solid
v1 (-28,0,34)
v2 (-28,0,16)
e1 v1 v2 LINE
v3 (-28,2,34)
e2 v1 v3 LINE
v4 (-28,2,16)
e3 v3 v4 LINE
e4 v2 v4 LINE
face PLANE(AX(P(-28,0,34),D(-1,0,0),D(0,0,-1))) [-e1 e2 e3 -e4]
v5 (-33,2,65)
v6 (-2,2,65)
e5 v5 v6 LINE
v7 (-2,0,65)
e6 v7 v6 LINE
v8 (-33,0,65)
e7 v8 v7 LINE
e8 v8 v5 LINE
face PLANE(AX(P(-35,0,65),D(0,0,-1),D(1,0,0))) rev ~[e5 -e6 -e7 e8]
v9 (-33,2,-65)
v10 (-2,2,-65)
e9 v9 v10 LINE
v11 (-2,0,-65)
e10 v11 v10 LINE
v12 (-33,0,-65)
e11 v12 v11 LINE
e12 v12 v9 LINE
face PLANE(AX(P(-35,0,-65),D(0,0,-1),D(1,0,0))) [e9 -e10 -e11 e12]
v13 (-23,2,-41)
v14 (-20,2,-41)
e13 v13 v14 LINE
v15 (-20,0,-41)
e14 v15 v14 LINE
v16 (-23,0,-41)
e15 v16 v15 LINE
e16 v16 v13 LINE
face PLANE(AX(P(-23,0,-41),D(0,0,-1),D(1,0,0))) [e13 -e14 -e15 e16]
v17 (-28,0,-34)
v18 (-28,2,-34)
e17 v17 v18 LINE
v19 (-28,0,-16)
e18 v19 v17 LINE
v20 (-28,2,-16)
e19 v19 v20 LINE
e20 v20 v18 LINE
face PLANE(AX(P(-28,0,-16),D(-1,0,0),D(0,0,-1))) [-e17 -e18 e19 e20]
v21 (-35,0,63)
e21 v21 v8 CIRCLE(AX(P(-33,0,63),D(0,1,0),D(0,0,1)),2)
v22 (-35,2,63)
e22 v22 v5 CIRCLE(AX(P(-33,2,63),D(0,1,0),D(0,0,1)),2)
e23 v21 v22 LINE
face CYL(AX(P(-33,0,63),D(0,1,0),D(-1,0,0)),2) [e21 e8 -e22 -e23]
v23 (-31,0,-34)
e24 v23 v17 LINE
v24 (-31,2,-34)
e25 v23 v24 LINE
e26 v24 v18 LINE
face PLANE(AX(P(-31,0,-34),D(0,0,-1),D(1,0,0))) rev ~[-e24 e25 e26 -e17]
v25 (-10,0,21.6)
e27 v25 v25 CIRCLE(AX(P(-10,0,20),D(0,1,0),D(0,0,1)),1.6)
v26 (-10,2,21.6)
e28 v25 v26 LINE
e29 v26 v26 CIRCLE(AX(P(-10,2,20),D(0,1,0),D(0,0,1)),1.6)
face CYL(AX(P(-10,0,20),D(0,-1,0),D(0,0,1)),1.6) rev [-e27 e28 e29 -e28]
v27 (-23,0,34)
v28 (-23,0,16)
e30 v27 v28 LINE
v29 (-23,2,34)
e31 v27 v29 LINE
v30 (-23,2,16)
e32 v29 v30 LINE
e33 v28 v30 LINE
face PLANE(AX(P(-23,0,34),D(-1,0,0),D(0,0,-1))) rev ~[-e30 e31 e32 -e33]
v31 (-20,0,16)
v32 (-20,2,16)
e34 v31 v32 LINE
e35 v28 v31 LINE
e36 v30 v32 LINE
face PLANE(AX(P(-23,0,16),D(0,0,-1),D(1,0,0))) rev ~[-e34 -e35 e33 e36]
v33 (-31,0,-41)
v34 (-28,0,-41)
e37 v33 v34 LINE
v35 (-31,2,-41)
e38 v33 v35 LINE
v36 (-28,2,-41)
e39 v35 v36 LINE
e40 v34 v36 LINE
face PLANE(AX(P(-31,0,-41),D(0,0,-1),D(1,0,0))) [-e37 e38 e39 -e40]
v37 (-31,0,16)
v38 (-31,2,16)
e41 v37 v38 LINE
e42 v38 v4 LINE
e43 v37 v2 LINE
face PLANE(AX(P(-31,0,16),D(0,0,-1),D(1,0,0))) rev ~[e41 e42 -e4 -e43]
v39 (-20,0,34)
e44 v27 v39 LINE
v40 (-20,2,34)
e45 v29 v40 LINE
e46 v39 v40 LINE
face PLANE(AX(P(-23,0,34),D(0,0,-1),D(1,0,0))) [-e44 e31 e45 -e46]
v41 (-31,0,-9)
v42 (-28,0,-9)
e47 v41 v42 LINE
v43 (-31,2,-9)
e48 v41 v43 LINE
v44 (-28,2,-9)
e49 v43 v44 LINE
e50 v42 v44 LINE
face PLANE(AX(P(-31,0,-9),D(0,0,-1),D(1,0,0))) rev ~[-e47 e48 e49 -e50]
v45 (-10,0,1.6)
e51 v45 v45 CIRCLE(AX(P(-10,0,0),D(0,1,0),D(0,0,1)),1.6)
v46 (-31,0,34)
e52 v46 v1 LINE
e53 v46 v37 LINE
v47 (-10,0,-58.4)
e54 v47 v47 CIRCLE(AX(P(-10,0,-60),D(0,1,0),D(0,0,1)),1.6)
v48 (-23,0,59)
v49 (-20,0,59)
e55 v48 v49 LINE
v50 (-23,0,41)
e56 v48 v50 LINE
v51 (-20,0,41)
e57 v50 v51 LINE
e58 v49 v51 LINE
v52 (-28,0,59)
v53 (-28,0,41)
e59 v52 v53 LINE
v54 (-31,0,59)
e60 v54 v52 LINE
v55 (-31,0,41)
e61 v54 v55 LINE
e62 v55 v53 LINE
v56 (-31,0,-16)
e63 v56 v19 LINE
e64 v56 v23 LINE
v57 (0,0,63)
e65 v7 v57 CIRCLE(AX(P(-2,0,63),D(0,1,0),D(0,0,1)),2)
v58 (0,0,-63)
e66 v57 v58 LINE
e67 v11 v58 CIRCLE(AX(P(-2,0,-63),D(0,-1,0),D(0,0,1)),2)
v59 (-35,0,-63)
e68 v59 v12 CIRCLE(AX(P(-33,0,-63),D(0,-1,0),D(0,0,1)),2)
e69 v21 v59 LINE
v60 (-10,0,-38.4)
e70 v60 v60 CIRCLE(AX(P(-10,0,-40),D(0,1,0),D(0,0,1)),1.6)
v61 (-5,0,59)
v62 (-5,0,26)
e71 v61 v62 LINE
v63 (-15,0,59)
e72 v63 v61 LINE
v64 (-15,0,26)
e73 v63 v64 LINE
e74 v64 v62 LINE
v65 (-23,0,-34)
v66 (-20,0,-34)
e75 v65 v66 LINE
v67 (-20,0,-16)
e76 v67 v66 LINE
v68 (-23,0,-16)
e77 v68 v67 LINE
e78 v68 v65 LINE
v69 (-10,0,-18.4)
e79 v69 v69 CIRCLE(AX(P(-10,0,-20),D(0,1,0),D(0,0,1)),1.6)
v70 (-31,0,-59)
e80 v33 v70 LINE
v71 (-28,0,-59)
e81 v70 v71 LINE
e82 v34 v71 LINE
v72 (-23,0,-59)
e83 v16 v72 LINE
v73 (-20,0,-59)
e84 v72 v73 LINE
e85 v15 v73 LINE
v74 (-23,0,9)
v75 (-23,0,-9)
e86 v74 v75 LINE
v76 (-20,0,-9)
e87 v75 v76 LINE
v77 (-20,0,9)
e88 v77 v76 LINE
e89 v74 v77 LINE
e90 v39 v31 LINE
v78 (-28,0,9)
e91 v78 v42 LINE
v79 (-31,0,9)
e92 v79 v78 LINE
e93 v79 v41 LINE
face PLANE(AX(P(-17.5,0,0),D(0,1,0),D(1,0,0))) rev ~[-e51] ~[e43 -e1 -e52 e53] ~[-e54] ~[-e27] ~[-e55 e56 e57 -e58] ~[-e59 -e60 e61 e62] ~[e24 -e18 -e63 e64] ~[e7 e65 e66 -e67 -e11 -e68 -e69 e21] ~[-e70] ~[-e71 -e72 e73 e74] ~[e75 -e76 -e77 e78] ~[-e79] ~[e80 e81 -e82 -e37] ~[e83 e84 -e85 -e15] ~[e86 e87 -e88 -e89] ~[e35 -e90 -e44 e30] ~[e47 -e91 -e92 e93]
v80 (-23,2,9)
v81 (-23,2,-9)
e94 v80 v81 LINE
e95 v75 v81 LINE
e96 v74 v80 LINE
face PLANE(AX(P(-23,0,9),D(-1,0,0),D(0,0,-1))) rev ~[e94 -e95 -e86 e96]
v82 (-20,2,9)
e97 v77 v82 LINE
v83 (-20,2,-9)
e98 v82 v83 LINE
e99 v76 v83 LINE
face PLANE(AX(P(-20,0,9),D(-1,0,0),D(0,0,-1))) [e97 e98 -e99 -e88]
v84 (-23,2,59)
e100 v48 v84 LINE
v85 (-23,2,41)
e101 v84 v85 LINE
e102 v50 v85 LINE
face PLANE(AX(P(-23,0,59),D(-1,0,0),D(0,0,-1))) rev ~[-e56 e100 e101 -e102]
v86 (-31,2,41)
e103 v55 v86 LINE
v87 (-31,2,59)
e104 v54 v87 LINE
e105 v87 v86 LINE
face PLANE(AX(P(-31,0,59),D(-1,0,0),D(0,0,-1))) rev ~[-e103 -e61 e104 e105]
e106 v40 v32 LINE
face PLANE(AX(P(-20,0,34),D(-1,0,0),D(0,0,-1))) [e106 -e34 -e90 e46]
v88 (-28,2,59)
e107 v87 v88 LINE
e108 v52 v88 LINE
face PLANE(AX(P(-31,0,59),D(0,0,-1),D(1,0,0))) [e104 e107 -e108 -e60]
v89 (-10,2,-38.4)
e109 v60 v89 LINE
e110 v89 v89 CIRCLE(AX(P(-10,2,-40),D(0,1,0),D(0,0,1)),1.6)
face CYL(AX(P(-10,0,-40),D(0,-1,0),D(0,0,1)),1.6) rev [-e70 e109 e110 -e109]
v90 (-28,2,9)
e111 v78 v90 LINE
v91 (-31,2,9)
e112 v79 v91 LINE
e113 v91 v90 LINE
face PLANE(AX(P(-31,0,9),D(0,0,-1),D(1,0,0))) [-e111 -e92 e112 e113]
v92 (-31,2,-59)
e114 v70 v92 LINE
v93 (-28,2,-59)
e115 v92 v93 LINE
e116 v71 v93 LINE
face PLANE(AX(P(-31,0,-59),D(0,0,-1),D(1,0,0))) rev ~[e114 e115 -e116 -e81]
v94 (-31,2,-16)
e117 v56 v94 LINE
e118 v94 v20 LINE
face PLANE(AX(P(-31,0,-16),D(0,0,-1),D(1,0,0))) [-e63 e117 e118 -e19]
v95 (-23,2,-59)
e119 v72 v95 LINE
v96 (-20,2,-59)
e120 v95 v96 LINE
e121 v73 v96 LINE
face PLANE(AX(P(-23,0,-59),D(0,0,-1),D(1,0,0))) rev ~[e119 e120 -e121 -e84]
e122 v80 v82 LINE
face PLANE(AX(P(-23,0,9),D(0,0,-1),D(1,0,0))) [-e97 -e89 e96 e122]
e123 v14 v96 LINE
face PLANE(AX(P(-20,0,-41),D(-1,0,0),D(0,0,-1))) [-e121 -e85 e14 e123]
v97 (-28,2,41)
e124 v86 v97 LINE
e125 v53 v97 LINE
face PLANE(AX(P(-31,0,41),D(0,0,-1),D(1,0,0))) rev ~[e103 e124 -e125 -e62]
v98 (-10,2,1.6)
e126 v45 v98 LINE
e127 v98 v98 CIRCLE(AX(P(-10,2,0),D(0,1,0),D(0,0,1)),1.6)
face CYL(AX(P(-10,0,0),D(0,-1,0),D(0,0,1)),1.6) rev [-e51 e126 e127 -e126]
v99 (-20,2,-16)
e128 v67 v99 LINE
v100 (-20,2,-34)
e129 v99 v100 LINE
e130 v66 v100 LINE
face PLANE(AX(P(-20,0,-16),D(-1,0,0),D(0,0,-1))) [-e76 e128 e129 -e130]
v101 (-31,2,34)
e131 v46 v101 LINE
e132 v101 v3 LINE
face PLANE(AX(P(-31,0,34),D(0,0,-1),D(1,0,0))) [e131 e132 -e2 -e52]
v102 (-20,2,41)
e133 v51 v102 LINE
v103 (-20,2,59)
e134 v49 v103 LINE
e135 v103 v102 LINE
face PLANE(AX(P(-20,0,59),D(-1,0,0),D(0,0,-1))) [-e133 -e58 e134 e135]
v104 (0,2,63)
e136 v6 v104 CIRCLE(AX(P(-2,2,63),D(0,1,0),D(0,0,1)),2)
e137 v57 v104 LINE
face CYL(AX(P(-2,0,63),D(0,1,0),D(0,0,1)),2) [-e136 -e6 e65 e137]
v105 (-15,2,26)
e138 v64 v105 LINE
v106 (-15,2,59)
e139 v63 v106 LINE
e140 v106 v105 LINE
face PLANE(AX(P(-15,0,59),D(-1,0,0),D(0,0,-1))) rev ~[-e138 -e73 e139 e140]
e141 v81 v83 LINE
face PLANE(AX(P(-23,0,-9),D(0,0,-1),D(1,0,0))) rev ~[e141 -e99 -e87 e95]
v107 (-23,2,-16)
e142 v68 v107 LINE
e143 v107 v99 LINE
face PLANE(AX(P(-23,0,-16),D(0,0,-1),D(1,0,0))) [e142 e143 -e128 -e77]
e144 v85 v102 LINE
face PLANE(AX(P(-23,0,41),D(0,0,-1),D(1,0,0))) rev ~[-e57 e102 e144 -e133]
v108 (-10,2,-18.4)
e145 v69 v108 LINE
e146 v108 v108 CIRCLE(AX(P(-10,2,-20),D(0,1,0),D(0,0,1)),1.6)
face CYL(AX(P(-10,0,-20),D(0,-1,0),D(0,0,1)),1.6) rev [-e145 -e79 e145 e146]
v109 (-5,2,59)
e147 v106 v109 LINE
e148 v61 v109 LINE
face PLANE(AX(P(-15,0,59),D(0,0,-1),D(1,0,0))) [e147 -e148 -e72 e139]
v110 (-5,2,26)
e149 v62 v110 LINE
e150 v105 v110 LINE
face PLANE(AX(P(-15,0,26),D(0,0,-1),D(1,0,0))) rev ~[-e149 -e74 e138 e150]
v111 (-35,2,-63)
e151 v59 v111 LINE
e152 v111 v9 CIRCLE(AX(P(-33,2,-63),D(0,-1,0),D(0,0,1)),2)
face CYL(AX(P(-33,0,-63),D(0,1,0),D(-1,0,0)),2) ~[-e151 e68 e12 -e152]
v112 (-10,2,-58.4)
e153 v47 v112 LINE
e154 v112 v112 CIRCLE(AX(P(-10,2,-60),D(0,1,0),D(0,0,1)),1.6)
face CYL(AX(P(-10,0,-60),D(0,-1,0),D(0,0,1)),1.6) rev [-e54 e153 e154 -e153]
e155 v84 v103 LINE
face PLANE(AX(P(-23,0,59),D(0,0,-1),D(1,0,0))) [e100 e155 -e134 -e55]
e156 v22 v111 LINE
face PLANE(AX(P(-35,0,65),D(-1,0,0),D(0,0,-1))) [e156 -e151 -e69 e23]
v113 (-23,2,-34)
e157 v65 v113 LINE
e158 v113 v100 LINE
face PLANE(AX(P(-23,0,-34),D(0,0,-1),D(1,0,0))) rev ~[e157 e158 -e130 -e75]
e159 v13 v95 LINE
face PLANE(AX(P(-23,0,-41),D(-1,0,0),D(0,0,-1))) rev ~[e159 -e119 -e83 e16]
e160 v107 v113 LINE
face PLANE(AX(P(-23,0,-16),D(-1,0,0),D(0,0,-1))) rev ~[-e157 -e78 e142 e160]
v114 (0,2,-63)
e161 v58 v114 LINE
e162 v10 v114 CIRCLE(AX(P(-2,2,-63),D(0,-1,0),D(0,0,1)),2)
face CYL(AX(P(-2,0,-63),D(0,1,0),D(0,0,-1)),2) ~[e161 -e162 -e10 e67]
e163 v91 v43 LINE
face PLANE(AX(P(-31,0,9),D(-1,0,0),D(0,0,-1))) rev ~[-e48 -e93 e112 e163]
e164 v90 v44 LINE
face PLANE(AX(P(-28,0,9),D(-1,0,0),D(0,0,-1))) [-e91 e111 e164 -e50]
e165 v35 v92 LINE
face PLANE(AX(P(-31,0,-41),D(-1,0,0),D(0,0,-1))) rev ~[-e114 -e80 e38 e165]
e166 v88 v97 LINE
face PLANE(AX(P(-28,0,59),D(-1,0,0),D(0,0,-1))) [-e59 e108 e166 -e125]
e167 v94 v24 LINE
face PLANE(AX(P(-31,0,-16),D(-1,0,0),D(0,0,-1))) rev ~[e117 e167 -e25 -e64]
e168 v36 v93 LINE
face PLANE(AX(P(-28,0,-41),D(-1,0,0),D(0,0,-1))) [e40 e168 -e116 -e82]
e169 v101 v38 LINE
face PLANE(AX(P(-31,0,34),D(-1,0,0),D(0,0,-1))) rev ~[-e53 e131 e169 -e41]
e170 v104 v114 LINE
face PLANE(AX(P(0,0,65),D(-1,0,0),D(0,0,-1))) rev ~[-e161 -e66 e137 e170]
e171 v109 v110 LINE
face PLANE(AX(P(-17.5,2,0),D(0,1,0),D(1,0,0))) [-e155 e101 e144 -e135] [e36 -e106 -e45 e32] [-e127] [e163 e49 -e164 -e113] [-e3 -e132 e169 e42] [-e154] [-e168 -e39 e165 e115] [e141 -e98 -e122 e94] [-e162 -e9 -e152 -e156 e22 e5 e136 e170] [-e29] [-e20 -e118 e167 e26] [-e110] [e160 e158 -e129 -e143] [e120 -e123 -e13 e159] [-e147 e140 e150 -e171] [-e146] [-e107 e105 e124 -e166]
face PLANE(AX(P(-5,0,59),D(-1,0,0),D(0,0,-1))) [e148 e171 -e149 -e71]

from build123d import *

# Parameters (mm, degrees)
SKETCH_1_W      = 35
SKETCH_1_H      = 130
SKETCH_1_R      = 1.6
SKETCH_1_W_2    = 3
SKETCH_1_H_2    = 18
SKETCH_1_W_3    = 10
SKETCH_1_H_3    = 33
EXTRUDE_1_DEPTH = 2
FILLET_1_R      = 2


with BuildPart() as part:
    # 草图1 → 凸台-拉伸1 (new body)
    with BuildSketch(Plane(origin=(0, 0, 0), x_dir=(1, 0, 0), z_dir=(0, 1, 0))):
        with Locations((-17.5, 0)):
            Rectangle(SKETCH_1_W, SKETCH_1_H)
        with Locations(Location((-10, 60, 0), (0, 0, 270))):
            Circle(SKETCH_1_R, mode=Mode.SUBTRACT)
        with Locations(Location((-10, 40, 0), (0, 0, 270))):
            Circle(SKETCH_1_R, mode=Mode.SUBTRACT)
        with Locations(Location((-10, 20, 0), (0, 0, 270))):
            Circle(SKETCH_1_R, mode=Mode.SUBTRACT)
        with Locations(Location((-10, 0, 0), (0, 0, 270))):
            Circle(SKETCH_1_R, mode=Mode.SUBTRACT)
        with Locations(Location((-10, -20, 0), (0, 0, 270))):
            Circle(SKETCH_1_R, mode=Mode.SUBTRACT)
        with Locations((-29.5, 50)):
            Rectangle(SKETCH_1_W_2, SKETCH_1_H_2, mode=Mode.SUBTRACT)
        with Locations((-21.5, 50)):
            Rectangle(SKETCH_1_W_2, SKETCH_1_H_2, mode=Mode.SUBTRACT)
        with Locations((-29.5, 25)):
            Rectangle(SKETCH_1_W_2, SKETCH_1_H_2, mode=Mode.SUBTRACT)
        with Locations((-29.5, 0)):
            Rectangle(SKETCH_1_W_2, SKETCH_1_H_2, mode=Mode.SUBTRACT)
        with Locations((-29.5, -25)):
            Rectangle(SKETCH_1_W_2, SKETCH_1_H_2, mode=Mode.SUBTRACT)
        with Locations((-29.5, -50)):
            Rectangle(SKETCH_1_W_2, SKETCH_1_H_2, mode=Mode.SUBTRACT)
        with Locations((-21.5, 25)):
            Rectangle(SKETCH_1_W_2, SKETCH_1_H_2, mode=Mode.SUBTRACT)
        with Locations((-21.5, 0)):
            Rectangle(SKETCH_1_W_2, SKETCH_1_H_2, mode=Mode.SUBTRACT)
        with Locations((-21.5, -25)):
            Rectangle(SKETCH_1_W_2, SKETCH_1_H_2, mode=Mode.SUBTRACT)
        with Locations((-21.5, -50)):
            Rectangle(SKETCH_1_W_2, SKETCH_1_H_2, mode=Mode.SUBTRACT)
        with Locations((-10, -42.5)):
            Rectangle(SKETCH_1_W_3, SKETCH_1_H_3, mode=Mode.SUBTRACT)
    extrude(amount=EXTRUDE_1_DEPTH)

    # 圆角1
    fillet_1_edges = [part.edges().sort_by_distance(p)[0] for p in [
        (0, 1, 65),
        (-35, 1, 65),
        (-35, 1, -65),
        (0, 1, -65),
    ]]
    fillet(fillet_1_edges, radius=FILLET_1_R)


solid = part.part
